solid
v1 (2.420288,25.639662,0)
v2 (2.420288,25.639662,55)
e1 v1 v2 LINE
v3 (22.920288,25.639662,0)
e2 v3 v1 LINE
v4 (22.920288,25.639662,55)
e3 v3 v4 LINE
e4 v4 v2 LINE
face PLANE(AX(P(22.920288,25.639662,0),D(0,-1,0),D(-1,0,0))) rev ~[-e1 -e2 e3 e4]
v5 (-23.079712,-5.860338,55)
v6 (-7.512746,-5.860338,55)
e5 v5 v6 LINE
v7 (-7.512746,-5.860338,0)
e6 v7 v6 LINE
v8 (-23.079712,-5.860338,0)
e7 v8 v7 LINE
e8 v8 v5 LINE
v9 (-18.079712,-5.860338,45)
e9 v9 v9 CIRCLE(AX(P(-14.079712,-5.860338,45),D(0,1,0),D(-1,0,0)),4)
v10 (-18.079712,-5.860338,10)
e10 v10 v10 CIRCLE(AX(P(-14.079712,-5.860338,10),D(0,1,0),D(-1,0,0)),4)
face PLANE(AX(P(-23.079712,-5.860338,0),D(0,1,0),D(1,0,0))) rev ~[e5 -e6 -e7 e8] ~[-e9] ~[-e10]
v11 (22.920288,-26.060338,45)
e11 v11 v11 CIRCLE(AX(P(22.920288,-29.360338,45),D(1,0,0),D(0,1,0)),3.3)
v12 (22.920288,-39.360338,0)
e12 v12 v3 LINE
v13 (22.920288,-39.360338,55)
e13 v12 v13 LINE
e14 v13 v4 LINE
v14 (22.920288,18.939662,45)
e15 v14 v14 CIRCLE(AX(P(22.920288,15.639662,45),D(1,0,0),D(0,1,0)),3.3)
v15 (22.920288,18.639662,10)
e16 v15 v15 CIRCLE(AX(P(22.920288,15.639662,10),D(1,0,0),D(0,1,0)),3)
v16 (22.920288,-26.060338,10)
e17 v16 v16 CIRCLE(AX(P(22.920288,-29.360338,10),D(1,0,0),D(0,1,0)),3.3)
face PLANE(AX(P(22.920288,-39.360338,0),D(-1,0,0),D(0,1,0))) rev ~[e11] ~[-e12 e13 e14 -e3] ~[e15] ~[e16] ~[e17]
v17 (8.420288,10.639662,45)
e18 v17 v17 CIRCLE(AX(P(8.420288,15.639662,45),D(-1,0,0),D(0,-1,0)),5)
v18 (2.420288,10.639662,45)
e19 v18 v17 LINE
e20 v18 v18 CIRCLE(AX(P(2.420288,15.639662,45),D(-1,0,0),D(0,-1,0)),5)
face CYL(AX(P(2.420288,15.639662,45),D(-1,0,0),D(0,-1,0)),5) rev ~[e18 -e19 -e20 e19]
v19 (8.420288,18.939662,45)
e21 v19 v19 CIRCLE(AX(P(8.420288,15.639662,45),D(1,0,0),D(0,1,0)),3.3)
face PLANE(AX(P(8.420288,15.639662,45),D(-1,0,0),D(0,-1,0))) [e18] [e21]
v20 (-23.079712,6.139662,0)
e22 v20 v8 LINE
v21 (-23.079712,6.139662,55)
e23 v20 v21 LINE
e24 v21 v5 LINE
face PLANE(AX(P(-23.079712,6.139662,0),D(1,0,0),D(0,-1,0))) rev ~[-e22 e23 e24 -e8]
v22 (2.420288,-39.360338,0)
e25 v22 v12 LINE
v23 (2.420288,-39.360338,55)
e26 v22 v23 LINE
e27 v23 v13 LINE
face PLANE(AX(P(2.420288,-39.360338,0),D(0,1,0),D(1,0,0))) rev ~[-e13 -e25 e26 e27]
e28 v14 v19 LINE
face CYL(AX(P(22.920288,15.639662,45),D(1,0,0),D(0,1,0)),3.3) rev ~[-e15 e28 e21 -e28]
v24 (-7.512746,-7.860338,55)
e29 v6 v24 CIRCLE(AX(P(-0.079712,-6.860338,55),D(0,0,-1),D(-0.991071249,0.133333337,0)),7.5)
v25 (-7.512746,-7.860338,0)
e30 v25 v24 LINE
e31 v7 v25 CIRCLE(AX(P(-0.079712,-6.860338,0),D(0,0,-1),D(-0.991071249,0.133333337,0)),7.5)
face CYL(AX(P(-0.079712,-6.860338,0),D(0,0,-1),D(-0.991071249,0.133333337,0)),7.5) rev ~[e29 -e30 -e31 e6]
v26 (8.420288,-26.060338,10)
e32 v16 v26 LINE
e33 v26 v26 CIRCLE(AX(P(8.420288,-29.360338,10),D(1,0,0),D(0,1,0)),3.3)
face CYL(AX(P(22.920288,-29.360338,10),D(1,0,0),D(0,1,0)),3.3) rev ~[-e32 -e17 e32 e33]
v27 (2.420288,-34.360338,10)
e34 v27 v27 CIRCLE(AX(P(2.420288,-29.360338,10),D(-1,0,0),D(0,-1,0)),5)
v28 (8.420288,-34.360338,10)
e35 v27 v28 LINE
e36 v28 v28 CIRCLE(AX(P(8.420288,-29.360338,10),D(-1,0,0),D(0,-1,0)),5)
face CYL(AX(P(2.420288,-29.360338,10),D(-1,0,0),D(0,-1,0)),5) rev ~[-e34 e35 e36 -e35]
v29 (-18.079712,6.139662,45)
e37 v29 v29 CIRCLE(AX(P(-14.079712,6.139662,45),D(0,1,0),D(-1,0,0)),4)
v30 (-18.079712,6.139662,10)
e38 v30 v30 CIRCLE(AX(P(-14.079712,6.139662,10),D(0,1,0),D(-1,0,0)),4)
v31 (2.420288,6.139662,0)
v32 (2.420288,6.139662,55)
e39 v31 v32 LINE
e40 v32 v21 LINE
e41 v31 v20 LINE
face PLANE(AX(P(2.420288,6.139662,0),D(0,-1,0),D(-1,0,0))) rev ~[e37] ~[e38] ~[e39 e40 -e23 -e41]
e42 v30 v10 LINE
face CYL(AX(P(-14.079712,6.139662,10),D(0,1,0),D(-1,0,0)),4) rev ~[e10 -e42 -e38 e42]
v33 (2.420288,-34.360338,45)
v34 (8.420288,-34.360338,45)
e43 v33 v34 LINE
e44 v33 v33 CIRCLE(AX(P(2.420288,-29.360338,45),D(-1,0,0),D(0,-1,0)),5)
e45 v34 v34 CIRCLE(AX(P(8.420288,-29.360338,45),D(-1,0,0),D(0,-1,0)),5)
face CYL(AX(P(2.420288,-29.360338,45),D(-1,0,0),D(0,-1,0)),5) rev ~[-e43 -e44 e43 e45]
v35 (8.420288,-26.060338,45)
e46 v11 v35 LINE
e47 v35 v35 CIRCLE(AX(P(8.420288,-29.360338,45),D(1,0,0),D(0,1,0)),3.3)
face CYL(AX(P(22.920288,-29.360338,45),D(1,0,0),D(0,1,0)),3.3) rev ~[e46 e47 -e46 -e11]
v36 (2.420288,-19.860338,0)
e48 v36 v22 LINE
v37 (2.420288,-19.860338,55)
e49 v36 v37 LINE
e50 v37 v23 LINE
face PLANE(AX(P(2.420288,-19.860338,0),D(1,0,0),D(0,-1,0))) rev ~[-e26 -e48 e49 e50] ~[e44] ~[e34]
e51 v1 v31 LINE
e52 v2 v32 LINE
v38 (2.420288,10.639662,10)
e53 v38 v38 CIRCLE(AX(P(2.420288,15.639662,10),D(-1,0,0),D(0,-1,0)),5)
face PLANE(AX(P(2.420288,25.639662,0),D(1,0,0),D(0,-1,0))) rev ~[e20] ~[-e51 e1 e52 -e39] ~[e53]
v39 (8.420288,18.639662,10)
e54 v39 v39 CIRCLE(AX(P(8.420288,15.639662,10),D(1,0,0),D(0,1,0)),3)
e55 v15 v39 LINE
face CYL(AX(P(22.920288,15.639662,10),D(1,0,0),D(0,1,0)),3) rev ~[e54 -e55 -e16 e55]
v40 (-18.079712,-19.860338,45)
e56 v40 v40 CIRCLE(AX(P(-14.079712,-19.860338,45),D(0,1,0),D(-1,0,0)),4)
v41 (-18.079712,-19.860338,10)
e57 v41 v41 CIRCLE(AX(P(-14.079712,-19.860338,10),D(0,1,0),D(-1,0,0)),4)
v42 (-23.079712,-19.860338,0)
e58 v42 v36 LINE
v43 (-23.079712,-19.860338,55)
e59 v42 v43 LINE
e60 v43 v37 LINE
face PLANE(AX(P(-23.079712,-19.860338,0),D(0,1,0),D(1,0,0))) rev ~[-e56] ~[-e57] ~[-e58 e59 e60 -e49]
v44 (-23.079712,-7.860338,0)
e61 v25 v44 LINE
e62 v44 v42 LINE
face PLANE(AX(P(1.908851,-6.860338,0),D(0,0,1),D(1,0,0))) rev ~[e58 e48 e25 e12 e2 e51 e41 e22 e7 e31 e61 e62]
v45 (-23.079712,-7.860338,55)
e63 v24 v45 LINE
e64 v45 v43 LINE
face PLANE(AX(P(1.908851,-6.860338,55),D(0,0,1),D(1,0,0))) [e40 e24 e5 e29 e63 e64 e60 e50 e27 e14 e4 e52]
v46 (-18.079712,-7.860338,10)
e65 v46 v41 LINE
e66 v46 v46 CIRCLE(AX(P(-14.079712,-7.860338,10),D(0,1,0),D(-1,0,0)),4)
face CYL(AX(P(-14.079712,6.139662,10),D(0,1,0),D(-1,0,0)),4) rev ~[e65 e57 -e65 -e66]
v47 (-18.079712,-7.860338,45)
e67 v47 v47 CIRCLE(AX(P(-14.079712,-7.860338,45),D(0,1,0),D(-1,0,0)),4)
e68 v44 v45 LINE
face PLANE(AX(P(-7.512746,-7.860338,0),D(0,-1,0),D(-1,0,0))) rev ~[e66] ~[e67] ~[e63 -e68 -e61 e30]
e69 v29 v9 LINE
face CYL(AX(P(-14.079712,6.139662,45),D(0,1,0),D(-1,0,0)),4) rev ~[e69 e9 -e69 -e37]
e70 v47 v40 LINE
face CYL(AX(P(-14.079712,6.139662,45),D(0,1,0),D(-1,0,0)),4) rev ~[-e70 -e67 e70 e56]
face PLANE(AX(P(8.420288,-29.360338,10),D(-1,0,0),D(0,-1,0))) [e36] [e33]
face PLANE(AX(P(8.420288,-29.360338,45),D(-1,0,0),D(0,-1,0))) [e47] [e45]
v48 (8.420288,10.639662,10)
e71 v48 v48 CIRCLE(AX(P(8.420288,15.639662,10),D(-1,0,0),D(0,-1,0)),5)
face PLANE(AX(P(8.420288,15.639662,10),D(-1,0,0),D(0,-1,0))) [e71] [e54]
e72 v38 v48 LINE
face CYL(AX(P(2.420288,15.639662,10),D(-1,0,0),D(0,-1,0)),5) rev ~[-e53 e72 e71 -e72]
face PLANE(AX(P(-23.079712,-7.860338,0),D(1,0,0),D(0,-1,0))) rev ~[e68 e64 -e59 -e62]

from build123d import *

# Parameters (mm, degrees)
F1_DEPTH = 55
F2_R     = 4
F3_DEPTH = 60
F4_R     = 3.3
F4_R_2   = 3
F5_DEPTH = 14.5
F6_R     = 5
F7_DEPTH = 6
F8_R     = 5
F9_DEPTH = 6


with BuildPart() as f1:
    # F0 (on Top) → F1 (new body)
    with BuildSketch(Plane.XY):
        with BuildLine():
            Line((22.920288, 15.639662), (22.920288, 25.639662))
            Line((22.920288, 25.639662), (8.420288, 25.639662))
            Line((8.420288, 25.639662), (2.420288, 25.639662))
            Line((2.420288, 25.639662), (2.420288, 6.139662))
            Line((2.420288, 6.139662), (-23.079712, 6.139662))
            Line((-23.079712, 6.139662), (-23.079712, -5.860338))
            Line((-23.079712, -5.860338), (-7.512746, -5.860338))
            ThreePointArc((-7.512746, -5.860338), (7.420288, -6.860338), (-7.512746, -7.860338))
            Line((-7.512746, -7.860338), (-23.079712, -7.860338))
            Line((-23.079712, -7.860338), (-23.079712, -19.860338))
            Line((-23.079712, -19.860338), (-0.079712, -19.860338))
            Line((-0.079712, -19.860338), (2.420288, -19.860338))
            Line((2.420288, -19.860338), (2.420288, -39.360338))
            Line((2.420288, -39.360338), (22.920288, -39.360338))
            Line((22.920288, -39.360338), (22.920288, -29.360338))
            Line((22.920288, -29.360338), (22.920288, 15.639662))
        make_face()
    extrude(amount=F1_DEPTH)

    # F2 (on face) → F3 (cut)
    with BuildSketch(Plane(origin=(0, 6.139662, 0), x_dir=(-1, 0, 0), z_dir=(0, 1, 0))):
        with Locations((14.079712, 10)):
            Circle(F2_R)
        with Locations((14.079712, 45)):
            Circle(F2_R)
    extrude(amount=-F3_DEPTH, mode=Mode.SUBTRACT)

    # F4 (on face) → F5 (cut)
    with BuildSketch(Plane.YZ.offset(22.920288)):
        with Locations((-29.360338, 10)):
            Circle(F4_R)
        with Locations((15.639662, 10)):
            Circle(F4_R_2)
        with Locations((15.639662, 45)):
            Circle(F4_R)
        with Locations((-29.360338, 45)):
            Circle(F4_R)
    extrude(amount=-F5_DEPTH, mode=Mode.SUBTRACT)

    # F6 (on face) → F7 (cut)
    with BuildSketch(Plane(origin=(2.420288, 0, 0), x_dir=(0, -1, 0), z_dir=(-1, 0, 0))):
        with Locations((29.360338, 45)):
            Circle(F6_R)
        with Locations((29.360338, 10)):
            Circle(F6_R)
    extrude(amount=-F7_DEPTH, mode=Mode.SUBTRACT)

    # F8 (on face) → F9 (cut)
    with BuildSketch(Plane(origin=(2.420288, 0, 0), x_dir=(0, -1, 0), z_dir=(-1, 0, 0))):
        with Locations((-15.639662, 45)):
            Circle(F8_R)
        with Locations((-15.639662, 10)):
            Circle(F8_R)
    extrude(amount=-F9_DEPTH, mode=Mode.SUBTRACT)


solid = f1.part
